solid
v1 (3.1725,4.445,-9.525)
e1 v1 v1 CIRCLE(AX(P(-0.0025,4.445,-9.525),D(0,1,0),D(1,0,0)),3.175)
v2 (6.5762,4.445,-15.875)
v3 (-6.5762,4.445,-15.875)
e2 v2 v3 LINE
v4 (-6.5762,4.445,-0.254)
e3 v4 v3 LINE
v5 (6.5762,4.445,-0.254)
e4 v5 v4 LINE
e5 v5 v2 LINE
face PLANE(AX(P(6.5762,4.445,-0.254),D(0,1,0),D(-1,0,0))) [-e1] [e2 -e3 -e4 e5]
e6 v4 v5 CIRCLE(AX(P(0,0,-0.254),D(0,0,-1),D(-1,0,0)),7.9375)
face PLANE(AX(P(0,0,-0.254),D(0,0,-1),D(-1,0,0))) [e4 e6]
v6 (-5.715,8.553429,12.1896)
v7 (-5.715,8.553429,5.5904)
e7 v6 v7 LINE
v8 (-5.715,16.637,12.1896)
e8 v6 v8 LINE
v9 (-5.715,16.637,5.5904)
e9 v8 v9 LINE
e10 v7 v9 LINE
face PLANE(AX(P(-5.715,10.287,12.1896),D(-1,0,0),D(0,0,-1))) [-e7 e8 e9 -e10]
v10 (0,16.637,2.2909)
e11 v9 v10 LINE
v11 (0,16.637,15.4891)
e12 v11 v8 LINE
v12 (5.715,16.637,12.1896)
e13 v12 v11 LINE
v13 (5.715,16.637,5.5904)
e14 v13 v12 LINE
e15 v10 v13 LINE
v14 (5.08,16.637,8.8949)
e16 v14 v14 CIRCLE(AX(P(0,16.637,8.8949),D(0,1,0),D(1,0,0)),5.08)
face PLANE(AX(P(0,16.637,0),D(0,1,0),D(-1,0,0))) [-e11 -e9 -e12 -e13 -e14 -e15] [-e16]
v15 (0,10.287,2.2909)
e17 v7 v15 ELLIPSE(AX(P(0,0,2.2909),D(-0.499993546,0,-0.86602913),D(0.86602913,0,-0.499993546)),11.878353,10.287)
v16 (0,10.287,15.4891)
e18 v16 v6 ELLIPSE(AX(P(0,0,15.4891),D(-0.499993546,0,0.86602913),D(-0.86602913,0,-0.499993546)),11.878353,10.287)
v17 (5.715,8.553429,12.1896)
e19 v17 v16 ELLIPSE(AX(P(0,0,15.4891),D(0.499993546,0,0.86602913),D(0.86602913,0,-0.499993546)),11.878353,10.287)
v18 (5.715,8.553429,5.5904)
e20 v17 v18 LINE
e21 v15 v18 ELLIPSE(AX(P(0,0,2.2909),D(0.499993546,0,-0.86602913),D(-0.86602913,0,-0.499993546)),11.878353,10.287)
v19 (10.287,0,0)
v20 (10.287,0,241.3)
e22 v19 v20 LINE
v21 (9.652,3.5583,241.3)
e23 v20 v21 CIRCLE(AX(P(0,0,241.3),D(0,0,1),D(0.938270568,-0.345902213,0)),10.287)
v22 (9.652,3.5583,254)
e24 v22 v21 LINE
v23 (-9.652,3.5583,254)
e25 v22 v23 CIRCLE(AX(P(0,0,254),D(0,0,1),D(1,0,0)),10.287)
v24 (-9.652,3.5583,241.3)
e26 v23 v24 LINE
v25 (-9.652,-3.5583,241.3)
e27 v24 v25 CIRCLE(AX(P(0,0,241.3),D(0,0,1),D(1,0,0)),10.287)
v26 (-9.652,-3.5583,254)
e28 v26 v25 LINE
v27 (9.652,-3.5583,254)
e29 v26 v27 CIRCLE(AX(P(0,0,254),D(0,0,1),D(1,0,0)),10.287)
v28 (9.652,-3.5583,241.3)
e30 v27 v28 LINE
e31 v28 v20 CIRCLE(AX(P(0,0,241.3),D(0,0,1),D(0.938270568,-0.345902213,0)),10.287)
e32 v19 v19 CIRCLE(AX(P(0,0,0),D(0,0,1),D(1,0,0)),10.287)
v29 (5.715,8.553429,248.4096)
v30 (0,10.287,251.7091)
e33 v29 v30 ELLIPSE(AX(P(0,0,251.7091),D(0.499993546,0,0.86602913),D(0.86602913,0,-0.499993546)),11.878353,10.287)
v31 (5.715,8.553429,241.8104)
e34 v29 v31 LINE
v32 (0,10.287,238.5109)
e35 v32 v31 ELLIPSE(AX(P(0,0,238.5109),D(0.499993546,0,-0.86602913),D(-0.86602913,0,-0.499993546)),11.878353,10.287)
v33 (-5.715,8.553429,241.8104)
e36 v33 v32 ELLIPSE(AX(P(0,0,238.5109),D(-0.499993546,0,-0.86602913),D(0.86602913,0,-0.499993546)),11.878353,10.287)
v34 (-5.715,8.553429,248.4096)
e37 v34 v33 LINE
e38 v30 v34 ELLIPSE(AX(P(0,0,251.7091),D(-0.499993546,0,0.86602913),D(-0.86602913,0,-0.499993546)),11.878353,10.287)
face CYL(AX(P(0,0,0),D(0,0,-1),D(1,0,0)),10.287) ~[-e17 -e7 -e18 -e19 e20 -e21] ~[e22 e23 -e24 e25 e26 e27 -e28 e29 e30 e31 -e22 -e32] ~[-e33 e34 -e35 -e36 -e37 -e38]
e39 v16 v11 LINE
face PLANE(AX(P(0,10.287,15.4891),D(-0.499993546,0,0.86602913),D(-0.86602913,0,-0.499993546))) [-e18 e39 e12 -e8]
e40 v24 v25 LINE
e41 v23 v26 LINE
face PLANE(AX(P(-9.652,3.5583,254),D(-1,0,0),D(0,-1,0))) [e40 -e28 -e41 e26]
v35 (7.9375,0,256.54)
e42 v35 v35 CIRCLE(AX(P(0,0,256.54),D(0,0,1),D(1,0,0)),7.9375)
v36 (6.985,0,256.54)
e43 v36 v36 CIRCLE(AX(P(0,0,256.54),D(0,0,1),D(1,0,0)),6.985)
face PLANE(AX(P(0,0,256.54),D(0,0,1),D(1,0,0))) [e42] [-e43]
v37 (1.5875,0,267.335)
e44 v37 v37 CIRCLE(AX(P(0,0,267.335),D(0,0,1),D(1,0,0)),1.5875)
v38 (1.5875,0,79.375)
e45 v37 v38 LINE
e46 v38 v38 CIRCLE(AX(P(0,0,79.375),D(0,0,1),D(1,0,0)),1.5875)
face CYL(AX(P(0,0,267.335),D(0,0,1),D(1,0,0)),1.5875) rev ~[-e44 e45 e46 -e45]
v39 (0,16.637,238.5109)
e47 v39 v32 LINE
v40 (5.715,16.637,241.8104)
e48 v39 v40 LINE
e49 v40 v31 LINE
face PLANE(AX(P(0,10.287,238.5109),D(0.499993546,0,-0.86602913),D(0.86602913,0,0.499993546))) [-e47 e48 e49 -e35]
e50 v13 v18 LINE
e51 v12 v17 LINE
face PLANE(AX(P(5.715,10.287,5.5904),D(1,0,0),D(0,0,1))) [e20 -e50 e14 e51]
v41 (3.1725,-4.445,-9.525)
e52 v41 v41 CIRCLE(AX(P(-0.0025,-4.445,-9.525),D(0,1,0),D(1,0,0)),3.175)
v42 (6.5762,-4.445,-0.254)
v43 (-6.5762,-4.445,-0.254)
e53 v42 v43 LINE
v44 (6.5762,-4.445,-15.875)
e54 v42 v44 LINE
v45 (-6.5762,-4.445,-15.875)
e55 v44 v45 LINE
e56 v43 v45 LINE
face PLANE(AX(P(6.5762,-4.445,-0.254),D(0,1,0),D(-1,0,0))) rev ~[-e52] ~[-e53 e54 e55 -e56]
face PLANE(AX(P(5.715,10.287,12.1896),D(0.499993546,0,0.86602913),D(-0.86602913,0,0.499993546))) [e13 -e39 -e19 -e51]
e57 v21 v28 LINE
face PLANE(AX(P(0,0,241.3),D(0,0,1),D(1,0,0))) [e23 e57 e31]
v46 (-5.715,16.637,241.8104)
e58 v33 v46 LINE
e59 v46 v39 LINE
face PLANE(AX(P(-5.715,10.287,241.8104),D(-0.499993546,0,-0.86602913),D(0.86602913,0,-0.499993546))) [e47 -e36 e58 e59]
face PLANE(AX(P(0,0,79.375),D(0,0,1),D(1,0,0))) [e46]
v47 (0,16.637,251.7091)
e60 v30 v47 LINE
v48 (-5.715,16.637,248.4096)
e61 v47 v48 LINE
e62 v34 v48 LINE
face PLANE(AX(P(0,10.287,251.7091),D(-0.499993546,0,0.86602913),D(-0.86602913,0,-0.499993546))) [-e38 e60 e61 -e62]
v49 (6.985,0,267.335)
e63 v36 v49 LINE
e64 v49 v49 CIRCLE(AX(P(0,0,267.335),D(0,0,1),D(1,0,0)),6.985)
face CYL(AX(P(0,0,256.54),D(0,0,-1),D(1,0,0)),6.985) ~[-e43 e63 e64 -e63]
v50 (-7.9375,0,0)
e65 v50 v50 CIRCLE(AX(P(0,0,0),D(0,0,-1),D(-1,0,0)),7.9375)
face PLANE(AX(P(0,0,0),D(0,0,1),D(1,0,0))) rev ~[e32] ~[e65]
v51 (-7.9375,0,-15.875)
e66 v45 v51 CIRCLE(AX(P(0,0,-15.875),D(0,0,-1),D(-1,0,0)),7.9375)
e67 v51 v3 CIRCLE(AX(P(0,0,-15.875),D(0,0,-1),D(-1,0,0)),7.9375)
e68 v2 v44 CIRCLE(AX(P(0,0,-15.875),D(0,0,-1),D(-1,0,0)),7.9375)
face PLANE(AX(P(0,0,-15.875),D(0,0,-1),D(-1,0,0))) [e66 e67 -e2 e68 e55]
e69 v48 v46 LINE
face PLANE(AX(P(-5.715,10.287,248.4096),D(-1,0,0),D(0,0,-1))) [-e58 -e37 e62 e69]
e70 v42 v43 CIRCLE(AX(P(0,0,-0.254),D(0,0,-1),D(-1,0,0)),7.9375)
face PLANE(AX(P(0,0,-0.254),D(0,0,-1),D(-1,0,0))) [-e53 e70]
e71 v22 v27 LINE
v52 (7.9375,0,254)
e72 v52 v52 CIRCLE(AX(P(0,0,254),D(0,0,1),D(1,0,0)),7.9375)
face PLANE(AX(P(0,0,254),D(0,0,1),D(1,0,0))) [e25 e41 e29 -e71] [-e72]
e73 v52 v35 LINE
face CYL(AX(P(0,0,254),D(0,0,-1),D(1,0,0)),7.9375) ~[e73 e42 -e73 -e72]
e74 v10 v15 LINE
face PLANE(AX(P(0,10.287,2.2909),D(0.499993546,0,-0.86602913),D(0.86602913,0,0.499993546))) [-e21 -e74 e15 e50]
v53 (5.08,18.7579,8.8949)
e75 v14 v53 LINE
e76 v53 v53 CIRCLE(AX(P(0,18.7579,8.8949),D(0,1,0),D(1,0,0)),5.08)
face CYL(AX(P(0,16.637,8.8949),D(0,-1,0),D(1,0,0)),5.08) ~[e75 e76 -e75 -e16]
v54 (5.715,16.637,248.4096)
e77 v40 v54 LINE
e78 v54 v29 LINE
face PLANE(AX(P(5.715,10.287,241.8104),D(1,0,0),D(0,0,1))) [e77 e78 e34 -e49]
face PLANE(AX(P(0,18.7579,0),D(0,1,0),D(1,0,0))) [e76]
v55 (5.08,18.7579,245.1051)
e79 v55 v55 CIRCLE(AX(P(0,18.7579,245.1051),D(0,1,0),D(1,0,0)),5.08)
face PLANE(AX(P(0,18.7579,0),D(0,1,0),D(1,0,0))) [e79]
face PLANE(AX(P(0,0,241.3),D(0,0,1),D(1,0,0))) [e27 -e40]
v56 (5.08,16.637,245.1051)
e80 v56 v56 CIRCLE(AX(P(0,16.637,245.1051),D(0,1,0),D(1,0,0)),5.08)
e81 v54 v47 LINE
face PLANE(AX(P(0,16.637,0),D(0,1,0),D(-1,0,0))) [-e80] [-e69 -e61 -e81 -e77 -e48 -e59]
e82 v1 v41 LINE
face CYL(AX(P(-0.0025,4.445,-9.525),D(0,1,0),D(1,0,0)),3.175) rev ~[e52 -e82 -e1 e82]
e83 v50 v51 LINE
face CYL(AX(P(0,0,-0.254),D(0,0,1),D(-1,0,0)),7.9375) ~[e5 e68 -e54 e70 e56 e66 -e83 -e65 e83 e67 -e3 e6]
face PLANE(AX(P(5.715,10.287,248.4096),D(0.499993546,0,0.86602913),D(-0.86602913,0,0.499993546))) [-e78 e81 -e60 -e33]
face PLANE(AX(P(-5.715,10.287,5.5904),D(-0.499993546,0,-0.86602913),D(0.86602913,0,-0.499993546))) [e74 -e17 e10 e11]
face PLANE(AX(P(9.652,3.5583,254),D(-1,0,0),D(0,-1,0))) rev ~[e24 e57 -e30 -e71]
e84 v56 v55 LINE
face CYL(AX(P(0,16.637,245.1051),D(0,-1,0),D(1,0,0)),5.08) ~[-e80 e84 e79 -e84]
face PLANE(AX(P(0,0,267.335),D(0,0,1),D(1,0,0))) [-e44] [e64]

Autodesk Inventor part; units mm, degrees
ref_plane "YZ Plane" through (0, 0, 0) normal (1, 0, 0) x (0, 1, 0)
ref_plane "XY Plane" through (0, 0, 0) normal (0, 0, 1) x (1, 0, 0)
sketch "Sketch1" plane through (0, 0, 0) normal (0, 0, 1) x (1, 0, 0)
  circle A0 centre (0, 0) radius 10.287
  dimension "d0" = 20.574
extrude "Extrusion1" add sketch "Sketch1" along normal blind 254
ref_plane "Work Plane1" through (0, 10.287, 0) normal (0, 1, 0) x (-1, 0, 0)
sketch "Sketch2" plane through (0, 10.287, 0) normal (0, 1, 0) x (-1, 0, 0)
  line L0 (5.715, 241.8104) -> (0, 238.5109)
  line L1 (0, 238.5109) -> (-5.715, 241.8104)
  line L2 (-5.715, 241.8104) -> (-5.715, 248.4096)
  line L3 (-5.715, 248.4096) -> (0, 251.7091)
  line L4 (0, 251.7091) -> (5.715, 248.4096)
  line L5 (5.715, 248.4096) -> (5.715, 241.8104)
  line L6 (5.715, 5.5904) -> (0, 2.2909)
  line L7 (0, 2.2909) -> (-5.715, 5.5904)
  line L8 (-5.715, 5.5904) -> (-5.715, 12.1896)
  line L9 (-5.715, 12.1896) -> (0, 15.4891)
  line L10 (0, 15.4891) -> (5.715, 12.1896)
  line L11 (5.715, 12.1896) -> (5.715, 5.5904)
  line L12 (10.287, 0) -> (10.287, 254) projected
  line L13 (10.287, 254) -> (-10.287, 254) projected
  line L14 (-10.287, 0) -> (10.287, 0) projected
  point P0 (0, 0)
  point P1 (0, 245.11)
  point P2 (0, 8.89)
  dimension "d3" = 11.43
  dimension "d4" = 11.43
  dimension "d5" = 8.89
  dimension "d6" = 8.89
  dimension "d7" = 10.287
  dimension "d8" = 10.287
extrude "Extrusion2" add sketch "Sketch2" along normal mid plane 12.7
sketch "Sketch3" plane through (0, 16.637, 0) normal (0, 1, 0) x (1, 0, 0)
  line L0 (0, -2.2909) -> (-5.715, -5.5904) projected
  line L1 (-5.715, -5.5904) -> (-5.715, -12.1896) projected
  line L2 (-5.715, -12.1896) -> (0, -15.4891) projected
  line L3 (0, -15.4891) -> (5.715, -12.1896) projected
  line L4 (5.715, -12.1896) -> (5.715, -5.5904) projected
  line L5 (5.715, -5.5904) -> (0, -2.2909) projected
  line L6 (0, -238.5109) -> (-5.715, -241.8104) projected
  line L7 (-5.715, -241.8104) -> (-5.715, -248.4096) projected
  line L8 (-5.715, -248.4096) -> (0, -251.7091) projected
  line L9 (0, -251.7091) -> (5.715, -248.4096) projected
  line L10 (5.715, -248.4096) -> (5.715, -241.8104) projected
  line L11 (5.715, -241.8104) -> (0, -238.5109) projected
  circle A0 centre (0, -245.1051) radius 5.08
  circle A1 centre (0, -8.8949) radius 5.08
  point P0 (0, 0)
  dimension "d11" = 10.16
  dimension "d12" = 10.16
  dimension "d13" = 5.715
  dimension "d14" = 5.715
  dimension "d15" = 6.604
  dimension "d16" = 6.604
extrude "Extrusion3" add sketch "Sketch3" along normal blind 2.1209 contours A0 | A1
sketch "Sketch6" plane through (0, 0, 0) normal (0, 0, -1) x (-1, 0, 0)
  circle A0 centre (0, 0) radius 10.287 projected
  circle A1 centre (0, 0) radius 7.9375
  dimension "d33" = 15.875
extrude "Extrusion5" add sketch "Sketch6" along normal blind 0.254 contours A1
sketch "Sketch7" plane through (0, 0, -0.254) normal (0, 0, -1) x (-1, 0, 0)
  circle A0 centre (0, 0) radius 7.9375 projected
  line L0 (0, 16.637) -> (5.715, 16.637) projected
  line L1 (-6.5762, 4.445) -> (6.5762, 4.445)
  line L2 (-6.5762, -4.445) -> (6.5762, -4.445)
  arc A1 (-6.5762, 4.445) -> (-6.5762, -4.445) centre (0, 0) ccw
  arc A2 (6.5762, -4.445) -> (6.5762, 4.445) centre (0, 0) ccw
  dimension "d42" = 0
  dimension "d44" = 8.89
  dimension "d45" = 4.445
thread "Thread1" size "3/4-10 UNC" class "2A" standard "ANSI Unified Screw Threads" full length
extrude "Extrusion7" add sketch "Sketch7" along normal blind 15.621 contours A0 L2 L1
sketch "Sketch8" plane through (-6.5762, 4.445, -0.254) normal (0, 1, 0) x (1, 0, 0)
  circle A0 centre (6.5737, 9.271) radius 3.175
  line L0 (13.1523, 0) -> (13.1523, 15.621) projected
  line L1 (0, 15.621) -> (13.1523, 15.621) projected
  point P0 (6.5762, -0.254)
  dimension "d48" = 6.35
  dimension "d49" = 6.5786
  dimension "d50" = 6.35
extrude "Extrusion8" cut sketch "Sketch8" against normal blind 15.621
sketch "Sketch9" plane through (0, 0, 254) normal (0, 0, 1) x (1, 0, 0)
  circle A0 centre (0, 0) radius 7.9375 projected
  circle A1 centre (0, 0) radius 7.9375
  dimension "d53" = 15.875
extrude "Extrusion9" add sketch "Sketch9" along normal blind 2.54
sketch "Sketch10" plane through (0, 0, 254) normal (0, 0, 1) x (1, 0, 0)
  circle A0 centre (0, 0) radius 7.9375 projected
  circle A1 centre (0, 0) radius 10.287 projected
  line L0 (-9.652, 3.5583) -> (-9.652, -3.5583)
  line L1 (9.652, 3.5583) -> (9.652, -3.5583)
  line L2 (-5.715, 16.637) -> (-5.715, 8.5534) projected
  arc A2 (9.652, -3.5583) -> (9.652, 3.5583) centre (0, 0) ccw
  arc A3 (-9.652, 3.5583) -> (-9.652, -3.5583) centre (0, 0) ccw
  dimension "d58" = 19.304
  dimension "d59" = 9.652
extrude "Extrusion10" cut sketch "Sketch10" against normal blind 12.7 contours A1 L1 | A1 L0
sketch "Sketch11" plane through (0, 0, 256.54) normal (0, 0, 1) x (1, 0, 0)
  circle A0 centre (0, 0) radius 6.985
  dimension "d62" = 13.97
extrude "Extrusion11" add sketch "Sketch11" along normal blind 10.795
thread "Thread2" size "1/4-20 UNC" class "2A" standard "ANSI Unified Screw Threads" length 25.4 offset 1.905
sketch "Sketch12" plane through (0, 0, 267.335) normal (0, 0, 1) x (1, 0, 0)
  circle A0 centre (0, 0) radius 1.5875
  dimension "d67" = 3.175
extrude "Extrusion12" cut sketch "Sketch12" against normal blind 187.96
equation "\"d4\" = d3"
equation "\"d6\" = d5"
equation "\"d8\" = d7"
equation "\"d14\" = d13"
equation "\"d15\" = d16"
properties part number "RobotArm Cylinder"
